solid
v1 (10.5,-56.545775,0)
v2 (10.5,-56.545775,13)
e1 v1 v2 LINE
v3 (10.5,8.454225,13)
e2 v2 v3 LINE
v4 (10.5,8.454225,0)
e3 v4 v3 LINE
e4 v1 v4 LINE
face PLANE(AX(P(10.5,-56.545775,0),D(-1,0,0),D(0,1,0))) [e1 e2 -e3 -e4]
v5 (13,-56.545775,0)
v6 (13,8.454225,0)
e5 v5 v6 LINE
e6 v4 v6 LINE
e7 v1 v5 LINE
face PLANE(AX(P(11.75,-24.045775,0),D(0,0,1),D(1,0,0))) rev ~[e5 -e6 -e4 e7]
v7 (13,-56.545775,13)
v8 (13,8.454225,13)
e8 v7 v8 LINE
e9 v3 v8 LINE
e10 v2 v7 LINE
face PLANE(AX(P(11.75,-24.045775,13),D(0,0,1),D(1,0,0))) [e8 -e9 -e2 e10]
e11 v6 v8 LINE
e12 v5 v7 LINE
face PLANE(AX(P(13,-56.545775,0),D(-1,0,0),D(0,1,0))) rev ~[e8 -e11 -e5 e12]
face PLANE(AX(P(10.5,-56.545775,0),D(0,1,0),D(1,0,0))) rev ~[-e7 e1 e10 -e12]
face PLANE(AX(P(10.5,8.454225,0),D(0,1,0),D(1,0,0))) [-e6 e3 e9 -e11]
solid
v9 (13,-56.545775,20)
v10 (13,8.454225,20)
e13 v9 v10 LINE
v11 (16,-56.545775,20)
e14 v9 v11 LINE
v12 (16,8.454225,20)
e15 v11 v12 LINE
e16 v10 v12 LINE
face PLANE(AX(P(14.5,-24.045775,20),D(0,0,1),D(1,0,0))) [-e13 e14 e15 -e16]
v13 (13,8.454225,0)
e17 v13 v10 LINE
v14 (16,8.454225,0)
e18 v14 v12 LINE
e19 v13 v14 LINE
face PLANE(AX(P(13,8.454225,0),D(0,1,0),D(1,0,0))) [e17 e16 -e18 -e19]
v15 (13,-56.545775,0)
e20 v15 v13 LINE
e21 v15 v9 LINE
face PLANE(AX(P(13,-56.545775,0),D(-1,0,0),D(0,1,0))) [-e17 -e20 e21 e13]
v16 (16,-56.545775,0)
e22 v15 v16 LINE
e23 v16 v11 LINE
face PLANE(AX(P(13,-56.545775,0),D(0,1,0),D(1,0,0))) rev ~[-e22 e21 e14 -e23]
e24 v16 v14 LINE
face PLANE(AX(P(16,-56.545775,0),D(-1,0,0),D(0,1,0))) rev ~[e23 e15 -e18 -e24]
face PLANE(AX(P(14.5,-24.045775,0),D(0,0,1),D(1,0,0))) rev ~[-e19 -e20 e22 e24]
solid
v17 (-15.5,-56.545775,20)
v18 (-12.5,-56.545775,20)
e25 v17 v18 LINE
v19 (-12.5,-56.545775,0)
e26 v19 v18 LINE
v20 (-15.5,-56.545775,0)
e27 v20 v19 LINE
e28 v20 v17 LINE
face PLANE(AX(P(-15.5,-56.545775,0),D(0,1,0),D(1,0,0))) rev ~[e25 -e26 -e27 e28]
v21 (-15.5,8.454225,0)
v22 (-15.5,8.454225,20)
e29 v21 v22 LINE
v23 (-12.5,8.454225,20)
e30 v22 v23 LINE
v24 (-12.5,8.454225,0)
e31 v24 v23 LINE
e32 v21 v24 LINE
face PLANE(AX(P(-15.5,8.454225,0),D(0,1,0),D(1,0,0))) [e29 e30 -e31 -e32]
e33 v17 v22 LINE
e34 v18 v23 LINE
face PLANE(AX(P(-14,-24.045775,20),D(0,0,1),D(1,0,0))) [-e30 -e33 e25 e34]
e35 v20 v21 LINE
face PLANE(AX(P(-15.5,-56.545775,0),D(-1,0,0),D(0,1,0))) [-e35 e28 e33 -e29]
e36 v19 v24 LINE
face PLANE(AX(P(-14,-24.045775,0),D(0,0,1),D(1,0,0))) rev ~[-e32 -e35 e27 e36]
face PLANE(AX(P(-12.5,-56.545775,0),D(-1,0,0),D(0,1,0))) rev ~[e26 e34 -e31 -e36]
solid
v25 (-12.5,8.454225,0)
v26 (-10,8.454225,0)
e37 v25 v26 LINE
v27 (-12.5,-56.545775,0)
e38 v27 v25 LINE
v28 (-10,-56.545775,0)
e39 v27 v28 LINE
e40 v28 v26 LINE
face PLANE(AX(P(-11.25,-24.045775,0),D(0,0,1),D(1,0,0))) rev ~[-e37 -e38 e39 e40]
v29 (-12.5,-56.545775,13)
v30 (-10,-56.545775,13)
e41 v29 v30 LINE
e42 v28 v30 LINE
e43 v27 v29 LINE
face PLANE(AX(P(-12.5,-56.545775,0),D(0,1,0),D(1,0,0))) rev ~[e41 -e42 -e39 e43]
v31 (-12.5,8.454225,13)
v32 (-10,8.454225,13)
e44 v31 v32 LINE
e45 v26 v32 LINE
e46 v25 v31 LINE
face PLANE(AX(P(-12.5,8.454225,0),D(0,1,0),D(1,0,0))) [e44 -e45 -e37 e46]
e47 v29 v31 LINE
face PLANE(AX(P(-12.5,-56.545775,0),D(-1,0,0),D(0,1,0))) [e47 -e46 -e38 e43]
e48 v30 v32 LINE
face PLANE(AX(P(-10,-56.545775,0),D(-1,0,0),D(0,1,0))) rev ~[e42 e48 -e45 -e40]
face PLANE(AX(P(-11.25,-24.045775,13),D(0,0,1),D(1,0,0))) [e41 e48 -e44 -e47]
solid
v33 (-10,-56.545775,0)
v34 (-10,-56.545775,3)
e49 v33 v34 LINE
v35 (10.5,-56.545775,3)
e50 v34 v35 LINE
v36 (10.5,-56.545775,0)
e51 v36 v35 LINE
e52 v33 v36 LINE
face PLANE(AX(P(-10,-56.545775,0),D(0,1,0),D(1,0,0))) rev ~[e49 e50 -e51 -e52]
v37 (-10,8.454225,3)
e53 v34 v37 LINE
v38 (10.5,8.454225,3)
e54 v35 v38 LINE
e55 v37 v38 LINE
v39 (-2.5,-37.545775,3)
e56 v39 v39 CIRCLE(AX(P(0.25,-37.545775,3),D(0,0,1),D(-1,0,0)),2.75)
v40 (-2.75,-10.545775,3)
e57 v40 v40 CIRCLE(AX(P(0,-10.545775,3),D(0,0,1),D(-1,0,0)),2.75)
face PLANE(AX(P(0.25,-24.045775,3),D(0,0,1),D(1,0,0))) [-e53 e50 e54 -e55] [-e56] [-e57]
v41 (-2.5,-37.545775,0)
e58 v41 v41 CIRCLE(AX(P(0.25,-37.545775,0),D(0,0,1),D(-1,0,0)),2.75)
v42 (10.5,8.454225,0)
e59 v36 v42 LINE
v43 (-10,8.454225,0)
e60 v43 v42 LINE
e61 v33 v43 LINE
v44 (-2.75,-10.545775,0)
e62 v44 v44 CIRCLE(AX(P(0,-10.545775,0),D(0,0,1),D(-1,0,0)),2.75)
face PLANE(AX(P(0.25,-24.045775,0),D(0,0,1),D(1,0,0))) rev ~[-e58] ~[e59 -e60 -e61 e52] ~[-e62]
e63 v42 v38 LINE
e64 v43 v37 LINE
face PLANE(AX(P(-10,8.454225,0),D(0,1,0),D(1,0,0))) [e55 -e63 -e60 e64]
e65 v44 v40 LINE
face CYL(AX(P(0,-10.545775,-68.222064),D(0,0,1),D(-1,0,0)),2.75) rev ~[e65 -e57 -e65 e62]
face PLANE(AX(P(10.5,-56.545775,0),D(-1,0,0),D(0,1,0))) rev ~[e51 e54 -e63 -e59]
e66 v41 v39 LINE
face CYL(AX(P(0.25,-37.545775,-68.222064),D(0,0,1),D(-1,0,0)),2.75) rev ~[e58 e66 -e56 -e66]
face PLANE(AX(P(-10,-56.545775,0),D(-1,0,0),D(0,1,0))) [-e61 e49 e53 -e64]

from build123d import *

# Parameters (mm, degrees)
F0_W     = 20.5
F0_H     = 65
F1_DEPTH = 3
F0_W_2   = 3
F2_DEPTH = 20
F3_D     = 5.5
F0_W_3   = 2.5
F4_DEPTH = 13


with BuildPart() as f1:
    # F0 (on Top) → F1 (new body)
    with BuildSketch(Plane.XY):
        with Locations((0.2499998137, -24.0457747273)):
            Rectangle(F0_W, F0_H)
    extrude(amount=F1_DEPTH)

    # F3 (through all)
    with Locations(Plane(origin=(0, 0, 0), x_dir=(1, 0, 0), z_dir=(0, 0, -1))):
        with Locations((0, 10.5457747273), (0.2499998137, 37.5457747273)):
            Hole(F3_D / 2)


with BuildPart() as f2:
    # F0 (on Top) → F2 (new body)
    with BuildSketch(Plane.XY):
        with Locations((14.4999998137, -24.0457747273)):
            Rectangle(F0_W_2, F0_H)
    extrude(amount=F2_DEPTH)


with BuildPart() as f2b:
    # F0 (on Top) → F2, piece 2 (new body)
    with BuildSketch(Plane.XY):
        with Locations((-14.0000001863, -24.0457747273)):
            Rectangle(F0_W_2, F0_H)
    extrude(amount=F2_DEPTH)


with BuildPart() as f4:
    # F0 (on Top) → F4 (new body)
    with BuildSketch(Plane.XY):
        with Locations((11.7499998137, -24.0457747273)):
            Rectangle(F0_W_3, F0_H)
    extrude(amount=F4_DEPTH)


with BuildPart() as f4b:
    # F0 (on Top) → F4, piece 2 (new body)
    with BuildSketch(Plane.XY):
        with Locations((-11.2500001863, -24.0457747273)):
            Rectangle(F0_W_3, F0_H)
    extrude(amount=F4_DEPTH)


solid = Compound([f1.part, f2.part, f2b.part, f4.part, f4b.part])
